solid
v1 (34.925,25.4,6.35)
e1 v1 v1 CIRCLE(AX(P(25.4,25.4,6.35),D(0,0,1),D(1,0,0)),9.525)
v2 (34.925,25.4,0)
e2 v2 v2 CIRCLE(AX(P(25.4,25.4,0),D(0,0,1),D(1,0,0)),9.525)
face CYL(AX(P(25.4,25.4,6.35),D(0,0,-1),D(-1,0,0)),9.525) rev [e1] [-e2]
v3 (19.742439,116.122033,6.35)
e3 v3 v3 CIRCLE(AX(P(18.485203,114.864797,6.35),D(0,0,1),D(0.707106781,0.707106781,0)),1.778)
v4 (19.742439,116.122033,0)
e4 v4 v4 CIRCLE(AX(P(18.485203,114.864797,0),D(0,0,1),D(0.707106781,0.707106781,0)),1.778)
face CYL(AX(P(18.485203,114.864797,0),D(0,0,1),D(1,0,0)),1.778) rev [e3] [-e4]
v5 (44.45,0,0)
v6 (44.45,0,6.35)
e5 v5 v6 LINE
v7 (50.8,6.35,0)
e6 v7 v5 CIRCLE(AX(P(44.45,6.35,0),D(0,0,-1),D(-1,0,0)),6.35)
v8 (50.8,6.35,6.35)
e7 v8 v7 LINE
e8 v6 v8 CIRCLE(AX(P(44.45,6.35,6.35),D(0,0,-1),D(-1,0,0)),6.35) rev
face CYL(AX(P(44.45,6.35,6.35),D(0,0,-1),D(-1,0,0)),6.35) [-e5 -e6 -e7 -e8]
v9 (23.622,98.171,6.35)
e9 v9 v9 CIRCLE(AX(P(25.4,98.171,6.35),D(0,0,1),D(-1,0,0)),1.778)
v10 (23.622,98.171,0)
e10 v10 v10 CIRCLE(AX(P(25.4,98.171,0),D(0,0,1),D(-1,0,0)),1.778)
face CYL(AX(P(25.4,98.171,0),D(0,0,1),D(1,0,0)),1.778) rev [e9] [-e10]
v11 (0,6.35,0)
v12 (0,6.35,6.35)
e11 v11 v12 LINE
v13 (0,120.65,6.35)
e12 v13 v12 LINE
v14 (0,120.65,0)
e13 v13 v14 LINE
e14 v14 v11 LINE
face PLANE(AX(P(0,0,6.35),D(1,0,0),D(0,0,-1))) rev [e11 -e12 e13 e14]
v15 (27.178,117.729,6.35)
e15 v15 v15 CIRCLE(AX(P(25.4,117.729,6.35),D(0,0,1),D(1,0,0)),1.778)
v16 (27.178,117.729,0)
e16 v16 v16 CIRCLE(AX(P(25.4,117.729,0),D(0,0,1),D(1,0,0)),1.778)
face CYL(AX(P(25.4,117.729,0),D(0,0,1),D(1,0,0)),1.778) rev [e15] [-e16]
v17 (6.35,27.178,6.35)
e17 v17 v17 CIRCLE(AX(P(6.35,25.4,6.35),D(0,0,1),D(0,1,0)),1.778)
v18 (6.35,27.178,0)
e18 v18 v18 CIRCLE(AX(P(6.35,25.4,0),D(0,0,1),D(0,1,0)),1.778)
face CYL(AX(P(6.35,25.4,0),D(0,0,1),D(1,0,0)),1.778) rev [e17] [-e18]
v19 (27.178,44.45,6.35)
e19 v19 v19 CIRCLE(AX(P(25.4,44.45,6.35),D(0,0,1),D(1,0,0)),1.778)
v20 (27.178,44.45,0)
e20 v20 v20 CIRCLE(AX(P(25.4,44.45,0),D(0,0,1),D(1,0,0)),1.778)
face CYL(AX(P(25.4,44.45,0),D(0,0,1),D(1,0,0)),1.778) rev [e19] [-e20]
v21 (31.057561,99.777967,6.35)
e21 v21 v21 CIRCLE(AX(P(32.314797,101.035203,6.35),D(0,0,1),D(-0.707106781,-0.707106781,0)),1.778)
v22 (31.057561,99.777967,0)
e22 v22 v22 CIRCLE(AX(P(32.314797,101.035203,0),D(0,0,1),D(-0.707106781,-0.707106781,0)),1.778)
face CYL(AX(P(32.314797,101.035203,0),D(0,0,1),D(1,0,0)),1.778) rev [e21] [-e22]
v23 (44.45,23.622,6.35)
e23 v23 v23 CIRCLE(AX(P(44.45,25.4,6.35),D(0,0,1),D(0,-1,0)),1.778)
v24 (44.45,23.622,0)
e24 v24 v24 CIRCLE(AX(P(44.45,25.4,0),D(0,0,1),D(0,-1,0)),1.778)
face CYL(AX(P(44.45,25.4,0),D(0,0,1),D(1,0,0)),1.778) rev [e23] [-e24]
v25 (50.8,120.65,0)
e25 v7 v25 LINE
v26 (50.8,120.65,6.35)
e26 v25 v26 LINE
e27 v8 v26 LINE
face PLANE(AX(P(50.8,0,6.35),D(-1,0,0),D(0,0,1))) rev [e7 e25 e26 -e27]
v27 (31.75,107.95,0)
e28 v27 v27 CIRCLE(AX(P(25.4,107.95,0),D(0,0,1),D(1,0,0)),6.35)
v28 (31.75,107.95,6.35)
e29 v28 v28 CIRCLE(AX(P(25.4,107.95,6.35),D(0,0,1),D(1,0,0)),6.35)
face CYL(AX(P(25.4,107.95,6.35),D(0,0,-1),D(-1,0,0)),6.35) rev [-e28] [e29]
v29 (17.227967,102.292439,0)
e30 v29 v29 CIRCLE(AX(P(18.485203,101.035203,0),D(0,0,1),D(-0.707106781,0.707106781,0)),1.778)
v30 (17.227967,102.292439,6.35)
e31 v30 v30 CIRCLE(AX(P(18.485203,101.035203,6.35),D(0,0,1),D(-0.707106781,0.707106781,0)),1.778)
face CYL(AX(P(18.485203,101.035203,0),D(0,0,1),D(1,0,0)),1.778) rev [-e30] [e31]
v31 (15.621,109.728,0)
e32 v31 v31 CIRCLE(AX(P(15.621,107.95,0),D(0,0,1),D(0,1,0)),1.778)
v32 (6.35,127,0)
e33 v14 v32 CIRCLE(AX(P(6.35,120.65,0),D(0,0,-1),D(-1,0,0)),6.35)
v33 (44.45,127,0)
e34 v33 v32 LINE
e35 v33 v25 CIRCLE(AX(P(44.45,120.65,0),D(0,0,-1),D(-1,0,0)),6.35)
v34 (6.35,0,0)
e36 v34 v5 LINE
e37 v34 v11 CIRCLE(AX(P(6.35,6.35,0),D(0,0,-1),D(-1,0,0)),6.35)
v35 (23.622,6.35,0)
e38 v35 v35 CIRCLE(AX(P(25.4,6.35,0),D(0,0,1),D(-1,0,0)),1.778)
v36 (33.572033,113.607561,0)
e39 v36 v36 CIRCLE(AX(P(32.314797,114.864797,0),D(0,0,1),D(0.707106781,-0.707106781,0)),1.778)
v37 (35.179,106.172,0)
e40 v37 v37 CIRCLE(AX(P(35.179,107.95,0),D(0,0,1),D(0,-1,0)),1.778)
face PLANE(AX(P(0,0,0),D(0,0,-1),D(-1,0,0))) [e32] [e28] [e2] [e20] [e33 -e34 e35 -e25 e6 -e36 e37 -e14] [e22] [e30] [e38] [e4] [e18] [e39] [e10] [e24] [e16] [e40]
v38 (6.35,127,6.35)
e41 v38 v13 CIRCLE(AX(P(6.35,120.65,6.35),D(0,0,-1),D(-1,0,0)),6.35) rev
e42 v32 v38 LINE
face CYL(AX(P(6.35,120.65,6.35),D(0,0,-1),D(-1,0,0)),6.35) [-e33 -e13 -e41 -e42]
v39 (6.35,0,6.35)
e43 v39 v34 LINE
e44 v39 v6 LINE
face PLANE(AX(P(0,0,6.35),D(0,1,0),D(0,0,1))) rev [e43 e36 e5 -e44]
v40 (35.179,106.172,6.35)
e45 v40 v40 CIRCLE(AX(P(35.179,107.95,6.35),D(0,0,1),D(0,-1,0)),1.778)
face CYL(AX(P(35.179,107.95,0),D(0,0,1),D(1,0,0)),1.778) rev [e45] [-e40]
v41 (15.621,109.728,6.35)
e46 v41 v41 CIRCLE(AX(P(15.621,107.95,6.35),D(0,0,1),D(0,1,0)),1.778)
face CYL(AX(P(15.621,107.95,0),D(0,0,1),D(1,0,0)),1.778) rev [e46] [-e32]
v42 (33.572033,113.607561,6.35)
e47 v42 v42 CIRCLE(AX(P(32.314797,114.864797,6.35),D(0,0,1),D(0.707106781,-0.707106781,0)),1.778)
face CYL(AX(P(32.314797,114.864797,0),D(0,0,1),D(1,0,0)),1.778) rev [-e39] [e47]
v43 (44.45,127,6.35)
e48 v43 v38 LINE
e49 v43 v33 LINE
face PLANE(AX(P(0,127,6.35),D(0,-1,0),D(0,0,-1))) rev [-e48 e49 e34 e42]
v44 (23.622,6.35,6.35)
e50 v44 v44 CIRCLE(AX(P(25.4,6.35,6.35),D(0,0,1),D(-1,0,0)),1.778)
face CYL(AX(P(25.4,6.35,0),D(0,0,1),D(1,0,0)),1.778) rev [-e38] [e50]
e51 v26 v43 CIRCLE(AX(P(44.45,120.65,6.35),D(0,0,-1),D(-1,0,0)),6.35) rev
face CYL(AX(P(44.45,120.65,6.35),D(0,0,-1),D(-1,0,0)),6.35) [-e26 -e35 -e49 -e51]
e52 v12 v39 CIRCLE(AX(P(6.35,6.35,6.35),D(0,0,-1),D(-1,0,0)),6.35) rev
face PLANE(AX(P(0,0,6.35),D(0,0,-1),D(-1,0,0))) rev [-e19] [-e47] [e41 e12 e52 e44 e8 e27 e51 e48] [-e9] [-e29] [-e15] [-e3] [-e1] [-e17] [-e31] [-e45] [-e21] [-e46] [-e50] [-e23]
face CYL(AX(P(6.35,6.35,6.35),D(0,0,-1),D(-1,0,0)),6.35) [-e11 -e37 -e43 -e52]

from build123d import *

# Parameters (mm, degrees)
SKETCH1_W           = 50.8
SKETCH1_H           = 127
SKETCH1_R           = 9.525
SKETCH1_R_2         = 6.35
BOSS_EXTRUDE1_DEPTH = 6.35
SKETCH2_R           = 1.778
CUT_EXTRUDE1_DEPTH  = 6.35
CIRPATTERN1_COUNT   = 4
SKETCH3_R           = 1.778
CUT_EXTRUDE2_DEPTH  = 6.35
CIRPATTERN2_COUNT   = 8
FILLET1_R           = 6.35


with BuildPart() as part:
    # Sketch1 → Boss-Extrude1 (new body)
    with BuildSketch(Plane.XY):
        with Locations((25.4, 63.5)):
            Rectangle(SKETCH1_W, SKETCH1_H)
        with Locations((25.4, 25.4)):
            Circle(SKETCH1_R, mode=Mode.SUBTRACT)
        with Locations((25.4, 107.95)):
            Circle(SKETCH1_R_2, mode=Mode.SUBTRACT)
    extrude(amount=BOSS_EXTRUDE1_DEPTH)

    # Sketch2 → Cut-Extrude1 (cut)
    with BuildSketch(Plane.XY.offset(6.35)):
        with Locations((25.4, 44.45)):
            Circle(SKETCH2_R)
    cut_extrude1 = extrude(amount=-CUT_EXTRUDE1_DEPTH, mode=Mode.SUBTRACT)

    # CirPattern1: Cut-Extrude1 ×4 about axis
    cirpattern1_axis = Axis((25.4, 25.4, 0), (0, 0, 1))
    for i in range(1, CIRPATTERN1_COUNT):
        add(cut_extrude1.rotate(cirpattern1_axis, i * 360 / CIRPATTERN1_COUNT), mode=Mode.SUBTRACT)

    # Sketch3 → Cut-Extrude2 (cut)
    with BuildSketch(Plane.XY.offset(6.35)):
        with Locations((25.4, 117.729)):
            Circle(SKETCH3_R)
    cut_extrude2 = extrude(amount=-CUT_EXTRUDE2_DEPTH, mode=Mode.SUBTRACT)

    # CirPattern2: Cut-Extrude2 ×8 about axis
    cirpattern2_axis = Axis((25.4, 107.95, 0), (0, 0, 1))
    for i in range(1, CIRPATTERN2_COUNT):
        add(cut_extrude2.rotate(cirpattern2_axis, i * 360 / CIRPATTERN2_COUNT), mode=Mode.SUBTRACT)

    # Fillet1
    fillet1_edges = [part.edges().sort_by_distance(p)[0] for p in [
        (0, 127, 3.175),
        (50.8, 127, 3.175),
        (50.8, 0, 3.175),
        (0, 0, 3.175),
    ]]
    fillet(fillet1_edges, radius=FILLET1_R)


solid = part.part
